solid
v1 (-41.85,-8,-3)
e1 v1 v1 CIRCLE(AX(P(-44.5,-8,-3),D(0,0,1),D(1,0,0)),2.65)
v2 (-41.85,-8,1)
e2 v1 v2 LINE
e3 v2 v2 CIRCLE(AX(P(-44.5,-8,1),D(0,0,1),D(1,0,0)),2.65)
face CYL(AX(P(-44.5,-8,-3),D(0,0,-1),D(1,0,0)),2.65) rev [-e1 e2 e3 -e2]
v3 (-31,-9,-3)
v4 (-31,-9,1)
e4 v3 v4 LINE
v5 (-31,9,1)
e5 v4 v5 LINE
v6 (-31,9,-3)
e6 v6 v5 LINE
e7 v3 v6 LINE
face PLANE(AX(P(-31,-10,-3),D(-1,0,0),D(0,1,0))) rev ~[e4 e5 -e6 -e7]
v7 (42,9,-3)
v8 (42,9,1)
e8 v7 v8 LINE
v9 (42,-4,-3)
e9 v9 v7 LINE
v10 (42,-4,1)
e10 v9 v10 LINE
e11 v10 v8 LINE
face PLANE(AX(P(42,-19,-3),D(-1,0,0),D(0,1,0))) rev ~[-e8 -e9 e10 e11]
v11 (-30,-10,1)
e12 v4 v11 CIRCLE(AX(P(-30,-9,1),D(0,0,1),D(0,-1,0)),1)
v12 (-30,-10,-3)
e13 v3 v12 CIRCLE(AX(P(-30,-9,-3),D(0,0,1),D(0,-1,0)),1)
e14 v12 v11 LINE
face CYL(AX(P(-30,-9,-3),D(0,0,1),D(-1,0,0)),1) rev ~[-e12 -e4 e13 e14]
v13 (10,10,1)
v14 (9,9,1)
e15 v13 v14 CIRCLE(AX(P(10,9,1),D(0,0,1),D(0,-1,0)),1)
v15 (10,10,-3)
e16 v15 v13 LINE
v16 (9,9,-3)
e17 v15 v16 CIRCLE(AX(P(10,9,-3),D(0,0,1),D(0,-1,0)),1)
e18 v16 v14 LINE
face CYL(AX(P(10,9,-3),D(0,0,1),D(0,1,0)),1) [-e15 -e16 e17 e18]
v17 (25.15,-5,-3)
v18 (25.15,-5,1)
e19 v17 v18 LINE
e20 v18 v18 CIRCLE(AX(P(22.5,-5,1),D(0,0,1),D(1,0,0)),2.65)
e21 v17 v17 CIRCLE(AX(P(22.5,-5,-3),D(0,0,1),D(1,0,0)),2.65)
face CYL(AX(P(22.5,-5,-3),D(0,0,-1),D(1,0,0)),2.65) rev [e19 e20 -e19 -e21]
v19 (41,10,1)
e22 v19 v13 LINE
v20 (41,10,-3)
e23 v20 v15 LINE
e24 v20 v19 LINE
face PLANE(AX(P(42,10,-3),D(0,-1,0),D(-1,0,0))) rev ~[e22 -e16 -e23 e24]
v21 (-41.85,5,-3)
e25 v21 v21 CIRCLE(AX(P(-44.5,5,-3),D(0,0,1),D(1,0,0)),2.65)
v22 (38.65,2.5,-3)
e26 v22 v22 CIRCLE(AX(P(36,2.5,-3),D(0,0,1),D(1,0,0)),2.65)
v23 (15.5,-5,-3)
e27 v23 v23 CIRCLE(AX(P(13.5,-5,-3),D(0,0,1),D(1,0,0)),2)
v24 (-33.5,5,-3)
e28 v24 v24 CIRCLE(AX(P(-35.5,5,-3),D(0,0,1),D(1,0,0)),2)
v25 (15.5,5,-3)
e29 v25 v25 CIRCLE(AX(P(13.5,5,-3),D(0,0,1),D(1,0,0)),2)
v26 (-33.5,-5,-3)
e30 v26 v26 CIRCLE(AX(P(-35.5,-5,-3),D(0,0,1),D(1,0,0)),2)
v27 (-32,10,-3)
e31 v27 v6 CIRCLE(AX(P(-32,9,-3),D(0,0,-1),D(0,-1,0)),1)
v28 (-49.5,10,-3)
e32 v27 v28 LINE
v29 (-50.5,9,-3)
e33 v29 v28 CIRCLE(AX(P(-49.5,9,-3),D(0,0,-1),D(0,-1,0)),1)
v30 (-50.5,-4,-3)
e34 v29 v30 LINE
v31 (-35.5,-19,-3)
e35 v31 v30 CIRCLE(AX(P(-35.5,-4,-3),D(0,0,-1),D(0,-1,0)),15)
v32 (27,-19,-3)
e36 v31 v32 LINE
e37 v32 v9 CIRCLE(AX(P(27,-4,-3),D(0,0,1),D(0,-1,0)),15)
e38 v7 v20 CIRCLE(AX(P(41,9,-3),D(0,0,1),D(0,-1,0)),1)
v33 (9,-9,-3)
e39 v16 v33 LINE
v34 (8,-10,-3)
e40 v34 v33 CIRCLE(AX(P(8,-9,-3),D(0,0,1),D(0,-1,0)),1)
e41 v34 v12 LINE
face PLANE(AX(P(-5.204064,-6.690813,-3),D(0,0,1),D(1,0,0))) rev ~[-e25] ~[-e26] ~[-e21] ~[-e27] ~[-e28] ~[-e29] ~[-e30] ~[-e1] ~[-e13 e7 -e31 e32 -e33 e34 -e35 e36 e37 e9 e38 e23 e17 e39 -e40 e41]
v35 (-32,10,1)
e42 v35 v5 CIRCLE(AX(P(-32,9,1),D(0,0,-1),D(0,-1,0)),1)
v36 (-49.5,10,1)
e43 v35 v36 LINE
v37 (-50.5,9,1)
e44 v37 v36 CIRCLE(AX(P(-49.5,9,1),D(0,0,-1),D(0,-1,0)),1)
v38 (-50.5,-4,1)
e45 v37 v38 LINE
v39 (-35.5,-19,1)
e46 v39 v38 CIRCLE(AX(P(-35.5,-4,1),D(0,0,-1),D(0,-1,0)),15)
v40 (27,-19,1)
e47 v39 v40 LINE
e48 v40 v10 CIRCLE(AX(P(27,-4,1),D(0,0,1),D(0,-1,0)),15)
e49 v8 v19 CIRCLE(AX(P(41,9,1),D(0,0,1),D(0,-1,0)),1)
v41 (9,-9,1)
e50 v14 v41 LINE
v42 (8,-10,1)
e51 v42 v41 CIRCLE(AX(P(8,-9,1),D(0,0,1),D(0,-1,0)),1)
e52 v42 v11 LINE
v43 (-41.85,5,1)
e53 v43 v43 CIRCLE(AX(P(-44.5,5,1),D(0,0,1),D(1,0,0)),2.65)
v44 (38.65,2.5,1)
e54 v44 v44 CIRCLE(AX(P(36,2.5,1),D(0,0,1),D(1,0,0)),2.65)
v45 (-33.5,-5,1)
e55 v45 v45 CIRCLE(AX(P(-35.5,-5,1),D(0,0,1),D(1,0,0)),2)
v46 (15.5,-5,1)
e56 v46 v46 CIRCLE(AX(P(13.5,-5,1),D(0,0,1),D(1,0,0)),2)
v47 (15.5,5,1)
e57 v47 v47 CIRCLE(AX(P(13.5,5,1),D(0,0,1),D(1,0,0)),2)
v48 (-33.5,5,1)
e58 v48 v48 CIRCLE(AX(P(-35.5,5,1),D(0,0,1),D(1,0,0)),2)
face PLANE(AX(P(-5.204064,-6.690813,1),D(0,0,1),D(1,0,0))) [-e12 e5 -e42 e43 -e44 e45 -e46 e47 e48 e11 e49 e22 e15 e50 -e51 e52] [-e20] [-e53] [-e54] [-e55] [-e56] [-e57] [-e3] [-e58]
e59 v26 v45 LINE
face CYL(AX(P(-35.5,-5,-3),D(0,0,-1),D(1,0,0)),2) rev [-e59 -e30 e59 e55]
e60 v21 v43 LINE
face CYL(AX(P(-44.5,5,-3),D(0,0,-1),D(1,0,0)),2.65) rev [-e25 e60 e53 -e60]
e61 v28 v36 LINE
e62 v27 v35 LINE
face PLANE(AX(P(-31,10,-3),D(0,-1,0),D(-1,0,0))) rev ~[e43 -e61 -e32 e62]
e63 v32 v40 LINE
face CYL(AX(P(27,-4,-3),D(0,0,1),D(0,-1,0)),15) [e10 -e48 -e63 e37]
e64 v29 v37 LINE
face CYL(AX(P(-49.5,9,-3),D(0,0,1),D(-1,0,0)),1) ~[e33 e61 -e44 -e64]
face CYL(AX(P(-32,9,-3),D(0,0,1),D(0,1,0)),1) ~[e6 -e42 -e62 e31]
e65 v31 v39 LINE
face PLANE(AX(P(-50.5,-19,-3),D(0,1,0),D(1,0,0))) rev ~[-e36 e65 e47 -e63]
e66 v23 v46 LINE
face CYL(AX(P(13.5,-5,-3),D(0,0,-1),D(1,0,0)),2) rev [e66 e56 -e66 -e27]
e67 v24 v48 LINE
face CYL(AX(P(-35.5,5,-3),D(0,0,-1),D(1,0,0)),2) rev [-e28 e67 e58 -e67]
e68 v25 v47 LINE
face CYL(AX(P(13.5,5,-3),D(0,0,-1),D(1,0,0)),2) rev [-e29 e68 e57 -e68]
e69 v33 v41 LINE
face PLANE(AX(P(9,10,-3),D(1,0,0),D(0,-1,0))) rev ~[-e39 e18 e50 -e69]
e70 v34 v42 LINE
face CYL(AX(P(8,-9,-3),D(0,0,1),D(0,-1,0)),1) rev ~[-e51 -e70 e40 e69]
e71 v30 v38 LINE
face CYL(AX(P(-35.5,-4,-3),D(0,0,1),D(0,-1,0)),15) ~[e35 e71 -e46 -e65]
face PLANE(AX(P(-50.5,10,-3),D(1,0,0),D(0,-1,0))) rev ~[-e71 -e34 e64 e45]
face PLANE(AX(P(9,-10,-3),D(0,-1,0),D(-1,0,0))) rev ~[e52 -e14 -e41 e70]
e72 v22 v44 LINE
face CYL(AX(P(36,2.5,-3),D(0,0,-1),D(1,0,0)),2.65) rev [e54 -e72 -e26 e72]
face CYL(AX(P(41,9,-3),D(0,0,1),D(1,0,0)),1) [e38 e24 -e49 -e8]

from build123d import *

# Parameters (mm, degrees)
SKETCH005_R   = 2
SKETCH005_R_2 = 2.65
PAD_DEPTH     = 4
FILLET_R      = 15
FILLET001_R   = 1
FILLET002_R   = 1


with BuildPart() as part:
    # Sketch005 → Pad (new body)
    with BuildSketch(Plane.XY.offset(-3)):
        Polygon((-50.5, -19), (42, -19), (42, 10), (9, 10), (9, -10), (-31, -10), (-31, 10), (-50.5, 10), align=None)
        with Locations((-35.5, 5)):
            Circle(SKETCH005_R, mode=Mode.SUBTRACT)
        with Locations((-35.5, -5)):
            Circle(SKETCH005_R, mode=Mode.SUBTRACT)
        with Locations((13.5, 5)):
            Circle(SKETCH005_R, mode=Mode.SUBTRACT)
        with Locations((13.5, -5)):
            Circle(SKETCH005_R, mode=Mode.SUBTRACT)
        with Locations((-44.5, -8)):
            Circle(SKETCH005_R_2, mode=Mode.SUBTRACT)
        with Locations((-44.5, 5)):
            Circle(SKETCH005_R_2, mode=Mode.SUBTRACT)
        with Locations((22.5, -5)):
            Circle(SKETCH005_R_2, mode=Mode.SUBTRACT)
        with Locations((36, 2.5)):
            Circle(SKETCH005_R_2, mode=Mode.SUBTRACT)
    extrude(amount=PAD_DEPTH)

    # Fillet
    fillet_edges = [part.edges().sort_by_distance(p)[0] for p in [
        (-50.5, -19, -1),
        (42, -19, -1),
    ]]
    fillet(fillet_edges, radius=FILLET_R)

    # Fillet001
    fillet001_edges = [part.edges().sort_by_distance(p)[0] for p in [
        (42, 10, -1),
        (9, 10, -1),
        (-31, 10, -1),
        (-50.5, 10, -1),
    ]]
    fillet(fillet001_edges, radius=FILLET001_R)

    # Fillet002
    fillet002_edges = [part.edges().sort_by_distance(p)[0] for p in [
        (-31, -10, -1),
        (9, -10, -1),
    ]]
    fillet(fillet002_edges, radius=FILLET002_R)


solid = part.part
